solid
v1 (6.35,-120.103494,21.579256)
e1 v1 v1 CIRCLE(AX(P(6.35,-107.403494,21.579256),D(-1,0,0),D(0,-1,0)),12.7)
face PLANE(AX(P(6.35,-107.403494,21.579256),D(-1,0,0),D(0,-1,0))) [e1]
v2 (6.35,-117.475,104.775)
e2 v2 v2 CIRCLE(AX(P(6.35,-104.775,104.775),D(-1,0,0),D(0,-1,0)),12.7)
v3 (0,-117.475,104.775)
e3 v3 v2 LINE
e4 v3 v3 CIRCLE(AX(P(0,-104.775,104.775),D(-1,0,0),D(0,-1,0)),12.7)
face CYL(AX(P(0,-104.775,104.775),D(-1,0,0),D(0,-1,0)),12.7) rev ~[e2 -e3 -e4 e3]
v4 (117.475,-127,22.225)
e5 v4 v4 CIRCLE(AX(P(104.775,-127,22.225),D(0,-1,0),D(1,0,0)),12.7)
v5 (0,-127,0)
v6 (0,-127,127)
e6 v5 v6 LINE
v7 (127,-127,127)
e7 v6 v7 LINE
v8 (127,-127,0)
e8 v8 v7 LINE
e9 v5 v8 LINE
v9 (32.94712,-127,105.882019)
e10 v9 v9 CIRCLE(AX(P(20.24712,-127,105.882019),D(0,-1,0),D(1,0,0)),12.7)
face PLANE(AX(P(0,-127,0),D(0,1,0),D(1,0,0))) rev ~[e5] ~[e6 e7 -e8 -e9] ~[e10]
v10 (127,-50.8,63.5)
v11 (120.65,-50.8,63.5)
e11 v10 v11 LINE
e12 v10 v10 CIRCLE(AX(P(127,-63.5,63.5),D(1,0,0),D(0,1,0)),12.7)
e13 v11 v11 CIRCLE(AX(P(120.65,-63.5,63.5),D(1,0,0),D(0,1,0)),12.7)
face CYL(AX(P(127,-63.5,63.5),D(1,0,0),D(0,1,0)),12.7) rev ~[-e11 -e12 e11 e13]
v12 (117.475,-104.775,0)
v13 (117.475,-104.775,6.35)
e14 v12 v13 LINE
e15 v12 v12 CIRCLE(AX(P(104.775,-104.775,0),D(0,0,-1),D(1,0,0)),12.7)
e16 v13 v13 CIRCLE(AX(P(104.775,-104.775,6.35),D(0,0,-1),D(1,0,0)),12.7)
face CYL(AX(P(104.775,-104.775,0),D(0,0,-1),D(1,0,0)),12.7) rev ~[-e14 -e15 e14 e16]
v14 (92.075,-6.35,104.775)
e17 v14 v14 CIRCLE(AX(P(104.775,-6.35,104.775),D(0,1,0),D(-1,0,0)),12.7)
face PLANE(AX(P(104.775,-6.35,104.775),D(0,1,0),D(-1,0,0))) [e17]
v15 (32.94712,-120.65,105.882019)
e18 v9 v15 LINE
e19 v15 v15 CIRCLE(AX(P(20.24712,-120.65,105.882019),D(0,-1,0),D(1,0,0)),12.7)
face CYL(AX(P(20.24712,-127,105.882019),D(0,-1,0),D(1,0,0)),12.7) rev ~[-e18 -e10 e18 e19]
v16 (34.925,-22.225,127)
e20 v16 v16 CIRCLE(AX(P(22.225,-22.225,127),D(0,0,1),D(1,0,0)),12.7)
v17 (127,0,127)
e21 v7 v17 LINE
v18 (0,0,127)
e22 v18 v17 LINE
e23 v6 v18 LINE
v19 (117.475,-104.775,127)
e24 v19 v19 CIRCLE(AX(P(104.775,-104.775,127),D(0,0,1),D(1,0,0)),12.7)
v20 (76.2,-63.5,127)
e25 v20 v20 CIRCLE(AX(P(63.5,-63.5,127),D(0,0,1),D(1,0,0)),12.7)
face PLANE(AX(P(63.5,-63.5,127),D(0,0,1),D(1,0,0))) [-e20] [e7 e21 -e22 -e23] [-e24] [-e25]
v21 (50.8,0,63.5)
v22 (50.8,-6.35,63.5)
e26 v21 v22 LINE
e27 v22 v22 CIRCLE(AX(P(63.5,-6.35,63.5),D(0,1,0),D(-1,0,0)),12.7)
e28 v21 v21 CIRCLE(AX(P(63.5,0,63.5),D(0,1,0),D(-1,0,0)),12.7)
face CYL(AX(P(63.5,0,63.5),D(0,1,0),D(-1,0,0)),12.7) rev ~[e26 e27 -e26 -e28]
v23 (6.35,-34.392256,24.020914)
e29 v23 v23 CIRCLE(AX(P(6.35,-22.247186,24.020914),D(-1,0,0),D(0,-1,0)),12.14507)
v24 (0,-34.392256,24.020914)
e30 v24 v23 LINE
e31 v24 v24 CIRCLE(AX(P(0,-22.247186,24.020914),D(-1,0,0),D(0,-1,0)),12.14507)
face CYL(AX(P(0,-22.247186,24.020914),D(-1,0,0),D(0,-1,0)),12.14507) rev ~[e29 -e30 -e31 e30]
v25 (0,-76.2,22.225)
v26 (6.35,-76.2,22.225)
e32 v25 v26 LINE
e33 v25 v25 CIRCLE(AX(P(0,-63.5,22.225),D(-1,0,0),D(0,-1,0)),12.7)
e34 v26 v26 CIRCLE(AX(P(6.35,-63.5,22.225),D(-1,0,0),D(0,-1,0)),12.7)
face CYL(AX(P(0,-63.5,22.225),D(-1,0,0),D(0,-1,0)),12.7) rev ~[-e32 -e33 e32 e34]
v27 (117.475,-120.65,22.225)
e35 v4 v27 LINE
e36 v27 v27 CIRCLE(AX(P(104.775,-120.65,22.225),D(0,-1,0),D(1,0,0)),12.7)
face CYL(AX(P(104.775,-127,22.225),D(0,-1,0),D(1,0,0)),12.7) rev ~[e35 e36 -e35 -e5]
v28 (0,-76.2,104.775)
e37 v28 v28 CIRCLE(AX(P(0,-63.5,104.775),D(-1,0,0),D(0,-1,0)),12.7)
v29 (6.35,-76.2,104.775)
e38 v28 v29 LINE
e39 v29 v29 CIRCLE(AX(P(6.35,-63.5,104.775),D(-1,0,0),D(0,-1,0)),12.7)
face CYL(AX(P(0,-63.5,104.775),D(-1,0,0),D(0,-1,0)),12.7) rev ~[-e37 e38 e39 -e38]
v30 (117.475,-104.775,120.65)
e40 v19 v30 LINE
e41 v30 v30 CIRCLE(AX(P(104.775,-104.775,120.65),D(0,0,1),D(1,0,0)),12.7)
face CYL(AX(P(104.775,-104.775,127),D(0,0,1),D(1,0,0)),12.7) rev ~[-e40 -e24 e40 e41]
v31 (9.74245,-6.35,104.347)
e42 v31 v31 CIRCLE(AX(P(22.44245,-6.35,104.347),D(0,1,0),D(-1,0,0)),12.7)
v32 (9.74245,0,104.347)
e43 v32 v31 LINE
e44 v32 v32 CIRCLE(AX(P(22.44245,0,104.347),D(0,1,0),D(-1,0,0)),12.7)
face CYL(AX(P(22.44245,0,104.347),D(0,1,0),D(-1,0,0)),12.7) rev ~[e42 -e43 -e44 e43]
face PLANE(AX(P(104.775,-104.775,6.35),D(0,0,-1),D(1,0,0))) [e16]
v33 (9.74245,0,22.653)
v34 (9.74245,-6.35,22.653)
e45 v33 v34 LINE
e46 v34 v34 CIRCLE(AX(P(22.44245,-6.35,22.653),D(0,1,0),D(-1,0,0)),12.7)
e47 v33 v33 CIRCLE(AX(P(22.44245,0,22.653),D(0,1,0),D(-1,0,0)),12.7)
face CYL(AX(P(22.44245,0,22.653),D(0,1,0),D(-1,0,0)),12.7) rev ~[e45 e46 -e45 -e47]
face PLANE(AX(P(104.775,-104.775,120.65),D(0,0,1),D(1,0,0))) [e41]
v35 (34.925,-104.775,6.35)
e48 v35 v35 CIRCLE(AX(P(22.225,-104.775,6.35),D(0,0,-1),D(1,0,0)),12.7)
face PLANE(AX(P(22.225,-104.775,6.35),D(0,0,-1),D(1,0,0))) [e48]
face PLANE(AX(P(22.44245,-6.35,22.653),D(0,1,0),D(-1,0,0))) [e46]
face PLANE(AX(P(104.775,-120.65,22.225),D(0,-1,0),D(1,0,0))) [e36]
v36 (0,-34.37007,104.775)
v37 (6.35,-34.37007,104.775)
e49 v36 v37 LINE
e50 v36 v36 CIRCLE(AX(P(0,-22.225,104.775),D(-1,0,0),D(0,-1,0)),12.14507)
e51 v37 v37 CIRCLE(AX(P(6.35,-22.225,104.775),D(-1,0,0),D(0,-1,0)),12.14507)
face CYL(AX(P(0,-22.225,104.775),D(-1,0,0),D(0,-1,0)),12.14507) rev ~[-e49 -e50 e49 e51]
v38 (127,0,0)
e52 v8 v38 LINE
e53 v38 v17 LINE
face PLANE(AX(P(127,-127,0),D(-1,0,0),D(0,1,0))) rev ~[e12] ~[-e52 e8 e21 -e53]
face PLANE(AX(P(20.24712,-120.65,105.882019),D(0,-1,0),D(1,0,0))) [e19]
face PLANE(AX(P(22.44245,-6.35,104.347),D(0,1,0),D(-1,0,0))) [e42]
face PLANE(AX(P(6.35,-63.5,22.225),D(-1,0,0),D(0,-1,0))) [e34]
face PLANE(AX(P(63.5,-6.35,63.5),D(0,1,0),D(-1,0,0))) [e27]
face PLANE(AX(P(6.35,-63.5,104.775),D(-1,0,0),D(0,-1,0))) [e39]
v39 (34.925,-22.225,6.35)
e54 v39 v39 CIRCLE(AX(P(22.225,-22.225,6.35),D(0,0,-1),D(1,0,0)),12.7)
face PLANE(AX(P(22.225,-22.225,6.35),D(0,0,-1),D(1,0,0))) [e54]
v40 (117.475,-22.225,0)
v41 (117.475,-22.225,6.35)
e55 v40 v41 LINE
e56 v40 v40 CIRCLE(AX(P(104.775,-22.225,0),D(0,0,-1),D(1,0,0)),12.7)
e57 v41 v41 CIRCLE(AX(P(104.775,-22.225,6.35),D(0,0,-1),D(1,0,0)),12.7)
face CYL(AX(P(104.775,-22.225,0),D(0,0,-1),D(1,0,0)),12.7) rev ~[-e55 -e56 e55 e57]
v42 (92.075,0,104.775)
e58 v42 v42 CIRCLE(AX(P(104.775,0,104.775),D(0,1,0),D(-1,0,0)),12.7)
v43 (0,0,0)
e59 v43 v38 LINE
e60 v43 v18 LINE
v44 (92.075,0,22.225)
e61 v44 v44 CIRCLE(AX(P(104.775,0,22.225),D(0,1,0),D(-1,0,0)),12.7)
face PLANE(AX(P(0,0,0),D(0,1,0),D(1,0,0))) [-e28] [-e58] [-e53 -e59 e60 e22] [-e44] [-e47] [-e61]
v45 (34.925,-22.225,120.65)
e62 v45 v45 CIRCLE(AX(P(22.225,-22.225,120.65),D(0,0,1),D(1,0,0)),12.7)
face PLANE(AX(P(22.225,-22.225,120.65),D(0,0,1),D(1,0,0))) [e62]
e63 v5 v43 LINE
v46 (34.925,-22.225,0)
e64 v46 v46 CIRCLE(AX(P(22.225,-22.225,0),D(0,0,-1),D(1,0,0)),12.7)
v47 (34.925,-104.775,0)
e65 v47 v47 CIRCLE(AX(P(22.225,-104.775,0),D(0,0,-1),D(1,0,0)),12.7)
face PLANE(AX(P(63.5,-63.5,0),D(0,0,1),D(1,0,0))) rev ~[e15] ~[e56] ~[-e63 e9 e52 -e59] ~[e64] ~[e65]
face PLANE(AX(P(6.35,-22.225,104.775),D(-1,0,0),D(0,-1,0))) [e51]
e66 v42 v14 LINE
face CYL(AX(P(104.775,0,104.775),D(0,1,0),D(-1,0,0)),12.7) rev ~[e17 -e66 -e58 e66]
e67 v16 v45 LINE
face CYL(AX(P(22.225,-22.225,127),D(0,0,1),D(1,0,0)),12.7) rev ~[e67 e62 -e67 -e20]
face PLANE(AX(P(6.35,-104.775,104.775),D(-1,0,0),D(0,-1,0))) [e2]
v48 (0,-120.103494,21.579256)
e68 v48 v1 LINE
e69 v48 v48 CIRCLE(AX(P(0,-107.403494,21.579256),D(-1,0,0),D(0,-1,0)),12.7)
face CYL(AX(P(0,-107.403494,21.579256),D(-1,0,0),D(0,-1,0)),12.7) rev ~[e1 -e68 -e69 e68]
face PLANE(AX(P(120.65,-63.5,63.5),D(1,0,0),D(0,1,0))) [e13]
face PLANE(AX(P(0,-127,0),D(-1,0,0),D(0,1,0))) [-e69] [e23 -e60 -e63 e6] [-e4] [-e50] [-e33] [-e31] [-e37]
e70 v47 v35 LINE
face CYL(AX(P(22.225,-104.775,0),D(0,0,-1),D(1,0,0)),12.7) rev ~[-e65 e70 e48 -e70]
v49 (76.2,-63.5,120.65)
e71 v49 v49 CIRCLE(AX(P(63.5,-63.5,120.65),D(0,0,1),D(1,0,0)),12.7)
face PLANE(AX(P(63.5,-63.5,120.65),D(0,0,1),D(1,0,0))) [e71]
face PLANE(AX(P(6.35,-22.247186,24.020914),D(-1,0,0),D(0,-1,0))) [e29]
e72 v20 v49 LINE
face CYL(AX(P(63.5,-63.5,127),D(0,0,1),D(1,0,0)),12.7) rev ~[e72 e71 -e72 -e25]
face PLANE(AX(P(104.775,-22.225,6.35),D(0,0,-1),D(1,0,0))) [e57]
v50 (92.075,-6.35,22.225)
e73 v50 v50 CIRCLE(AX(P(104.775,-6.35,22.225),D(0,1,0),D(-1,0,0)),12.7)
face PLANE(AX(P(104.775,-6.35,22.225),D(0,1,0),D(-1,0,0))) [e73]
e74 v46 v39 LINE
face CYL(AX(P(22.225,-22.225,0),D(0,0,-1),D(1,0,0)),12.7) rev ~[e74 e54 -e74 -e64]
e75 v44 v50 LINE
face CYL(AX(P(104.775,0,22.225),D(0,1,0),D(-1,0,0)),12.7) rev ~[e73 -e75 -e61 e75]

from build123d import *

# Parameters (mm, degrees)
F0_W      = 127
F0_H      = 127
F1_DEPTH  = 127
F2_R      = 12.7
F3_DEPTH  = 6.35
F4_R      = 12.7
F5_DEPTH  = 6.35
F6_R      = 12.7
F7_R      = 12.7
F7_R_2    = 12.14507
F8_DEPTH  = 6.35
F9_R      = 12.7
F10_DEPTH = 6.35
F11_R     = 12.7
F12_DEPTH = 6.35
F13_R     = 12.7
F14_DEPTH = 6.35


with BuildPart() as f1:
    # F0 (on Top) → F1 (new body)
    with BuildSketch(Plane.XY):
        with Locations((63.5, -63.5)):
            Rectangle(F0_W, F0_H)
    extrude(amount=F1_DEPTH)

    # F2 (on face) → F3 (cut)
    with BuildSketch(Plane.YZ.offset(127)):
        with Locations((-63.5, 63.5)):
            Circle(F2_R)
    extrude(amount=-F3_DEPTH, mode=Mode.SUBTRACT)

    # F4 (on face) → F5 (cut)
    with BuildSketch(Plane.XZ.offset(127)):
        with Locations((20.24712, 105.882019)):
            Circle(F4_R)
        with Locations((104.775, 22.225)):
            Circle(F4_R)
    extrude(amount=-F5_DEPTH, mode=Mode.SUBTRACT)

    # F6 (on face) + F7 (on face) → F8 (cut)
    with BuildSketch(Plane(origin=(0, 0, 0), x_dir=(0, -1, 0), z_dir=(-1, 0, 0))):
        with Locations((107.403494, 21.579256)):
            Circle(F6_R)
    with BuildSketch(Plane(origin=(0, 0, 0), x_dir=(0, -1, 0), z_dir=(-1, 0, 0))):
        with Locations((63.5, 22.225)):
            Circle(F7_R)
        with Locations((22.247186, 24.020914)):
            Circle(F7_R_2)
        with Locations((104.775, 104.775)):
            Circle(F7_R)
        with Locations((63.5, 104.775)):
            Circle(F7_R)
        with Locations((22.225, 104.775)):
            Circle(F7_R_2)
    extrude(amount=-F8_DEPTH, mode=Mode.SUBTRACT)

    # F9 (on face) → F10 (cut)
    with BuildSketch(Plane(origin=(0, 0, 0), x_dir=(-1, 0, 0), z_dir=(0, 1, 0))):
        with Locations((-22.44245, 104.347)):
            Circle(F9_R)
        with Locations((-63.5, 63.5)):
            Circle(F9_R)
        with Locations((-22.44245, 22.653)):
            Circle(F9_R)
        with Locations((-104.775, 22.225)):
            Circle(F9_R)
        with Locations((-104.775, 104.775)):
            Circle(F9_R)
    extrude(amount=-F10_DEPTH, mode=Mode.SUBTRACT)

    # F11 (on face) → F12 (cut)
    with BuildSketch(Plane(origin=(0, 0, 0), x_dir=(1, 0, 0), z_dir=(0, 0, -1))):
        with Locations((104.775, 104.775)):
            Circle(F11_R)
        with Locations((22.225, 104.775)):
            Circle(F11_R)
        with Locations((104.775, 22.225)):
            Circle(F11_R)
        with Locations((22.225, 22.225)):
            Circle(F11_R)
    extrude(amount=-F12_DEPTH, mode=Mode.SUBTRACT)

    # F13 (on face) → F14 (cut)
    with BuildSketch(Plane.XY.offset(127)):
        with Locations((63.5, -63.5)):
            Circle(F13_R)
        with Locations((104.775, -104.775)):
            Circle(F13_R)
        with Locations((22.225, -22.225)):
            Circle(F13_R)
    extrude(amount=-F14_DEPTH, mode=Mode.SUBTRACT)


solid = f1.part
